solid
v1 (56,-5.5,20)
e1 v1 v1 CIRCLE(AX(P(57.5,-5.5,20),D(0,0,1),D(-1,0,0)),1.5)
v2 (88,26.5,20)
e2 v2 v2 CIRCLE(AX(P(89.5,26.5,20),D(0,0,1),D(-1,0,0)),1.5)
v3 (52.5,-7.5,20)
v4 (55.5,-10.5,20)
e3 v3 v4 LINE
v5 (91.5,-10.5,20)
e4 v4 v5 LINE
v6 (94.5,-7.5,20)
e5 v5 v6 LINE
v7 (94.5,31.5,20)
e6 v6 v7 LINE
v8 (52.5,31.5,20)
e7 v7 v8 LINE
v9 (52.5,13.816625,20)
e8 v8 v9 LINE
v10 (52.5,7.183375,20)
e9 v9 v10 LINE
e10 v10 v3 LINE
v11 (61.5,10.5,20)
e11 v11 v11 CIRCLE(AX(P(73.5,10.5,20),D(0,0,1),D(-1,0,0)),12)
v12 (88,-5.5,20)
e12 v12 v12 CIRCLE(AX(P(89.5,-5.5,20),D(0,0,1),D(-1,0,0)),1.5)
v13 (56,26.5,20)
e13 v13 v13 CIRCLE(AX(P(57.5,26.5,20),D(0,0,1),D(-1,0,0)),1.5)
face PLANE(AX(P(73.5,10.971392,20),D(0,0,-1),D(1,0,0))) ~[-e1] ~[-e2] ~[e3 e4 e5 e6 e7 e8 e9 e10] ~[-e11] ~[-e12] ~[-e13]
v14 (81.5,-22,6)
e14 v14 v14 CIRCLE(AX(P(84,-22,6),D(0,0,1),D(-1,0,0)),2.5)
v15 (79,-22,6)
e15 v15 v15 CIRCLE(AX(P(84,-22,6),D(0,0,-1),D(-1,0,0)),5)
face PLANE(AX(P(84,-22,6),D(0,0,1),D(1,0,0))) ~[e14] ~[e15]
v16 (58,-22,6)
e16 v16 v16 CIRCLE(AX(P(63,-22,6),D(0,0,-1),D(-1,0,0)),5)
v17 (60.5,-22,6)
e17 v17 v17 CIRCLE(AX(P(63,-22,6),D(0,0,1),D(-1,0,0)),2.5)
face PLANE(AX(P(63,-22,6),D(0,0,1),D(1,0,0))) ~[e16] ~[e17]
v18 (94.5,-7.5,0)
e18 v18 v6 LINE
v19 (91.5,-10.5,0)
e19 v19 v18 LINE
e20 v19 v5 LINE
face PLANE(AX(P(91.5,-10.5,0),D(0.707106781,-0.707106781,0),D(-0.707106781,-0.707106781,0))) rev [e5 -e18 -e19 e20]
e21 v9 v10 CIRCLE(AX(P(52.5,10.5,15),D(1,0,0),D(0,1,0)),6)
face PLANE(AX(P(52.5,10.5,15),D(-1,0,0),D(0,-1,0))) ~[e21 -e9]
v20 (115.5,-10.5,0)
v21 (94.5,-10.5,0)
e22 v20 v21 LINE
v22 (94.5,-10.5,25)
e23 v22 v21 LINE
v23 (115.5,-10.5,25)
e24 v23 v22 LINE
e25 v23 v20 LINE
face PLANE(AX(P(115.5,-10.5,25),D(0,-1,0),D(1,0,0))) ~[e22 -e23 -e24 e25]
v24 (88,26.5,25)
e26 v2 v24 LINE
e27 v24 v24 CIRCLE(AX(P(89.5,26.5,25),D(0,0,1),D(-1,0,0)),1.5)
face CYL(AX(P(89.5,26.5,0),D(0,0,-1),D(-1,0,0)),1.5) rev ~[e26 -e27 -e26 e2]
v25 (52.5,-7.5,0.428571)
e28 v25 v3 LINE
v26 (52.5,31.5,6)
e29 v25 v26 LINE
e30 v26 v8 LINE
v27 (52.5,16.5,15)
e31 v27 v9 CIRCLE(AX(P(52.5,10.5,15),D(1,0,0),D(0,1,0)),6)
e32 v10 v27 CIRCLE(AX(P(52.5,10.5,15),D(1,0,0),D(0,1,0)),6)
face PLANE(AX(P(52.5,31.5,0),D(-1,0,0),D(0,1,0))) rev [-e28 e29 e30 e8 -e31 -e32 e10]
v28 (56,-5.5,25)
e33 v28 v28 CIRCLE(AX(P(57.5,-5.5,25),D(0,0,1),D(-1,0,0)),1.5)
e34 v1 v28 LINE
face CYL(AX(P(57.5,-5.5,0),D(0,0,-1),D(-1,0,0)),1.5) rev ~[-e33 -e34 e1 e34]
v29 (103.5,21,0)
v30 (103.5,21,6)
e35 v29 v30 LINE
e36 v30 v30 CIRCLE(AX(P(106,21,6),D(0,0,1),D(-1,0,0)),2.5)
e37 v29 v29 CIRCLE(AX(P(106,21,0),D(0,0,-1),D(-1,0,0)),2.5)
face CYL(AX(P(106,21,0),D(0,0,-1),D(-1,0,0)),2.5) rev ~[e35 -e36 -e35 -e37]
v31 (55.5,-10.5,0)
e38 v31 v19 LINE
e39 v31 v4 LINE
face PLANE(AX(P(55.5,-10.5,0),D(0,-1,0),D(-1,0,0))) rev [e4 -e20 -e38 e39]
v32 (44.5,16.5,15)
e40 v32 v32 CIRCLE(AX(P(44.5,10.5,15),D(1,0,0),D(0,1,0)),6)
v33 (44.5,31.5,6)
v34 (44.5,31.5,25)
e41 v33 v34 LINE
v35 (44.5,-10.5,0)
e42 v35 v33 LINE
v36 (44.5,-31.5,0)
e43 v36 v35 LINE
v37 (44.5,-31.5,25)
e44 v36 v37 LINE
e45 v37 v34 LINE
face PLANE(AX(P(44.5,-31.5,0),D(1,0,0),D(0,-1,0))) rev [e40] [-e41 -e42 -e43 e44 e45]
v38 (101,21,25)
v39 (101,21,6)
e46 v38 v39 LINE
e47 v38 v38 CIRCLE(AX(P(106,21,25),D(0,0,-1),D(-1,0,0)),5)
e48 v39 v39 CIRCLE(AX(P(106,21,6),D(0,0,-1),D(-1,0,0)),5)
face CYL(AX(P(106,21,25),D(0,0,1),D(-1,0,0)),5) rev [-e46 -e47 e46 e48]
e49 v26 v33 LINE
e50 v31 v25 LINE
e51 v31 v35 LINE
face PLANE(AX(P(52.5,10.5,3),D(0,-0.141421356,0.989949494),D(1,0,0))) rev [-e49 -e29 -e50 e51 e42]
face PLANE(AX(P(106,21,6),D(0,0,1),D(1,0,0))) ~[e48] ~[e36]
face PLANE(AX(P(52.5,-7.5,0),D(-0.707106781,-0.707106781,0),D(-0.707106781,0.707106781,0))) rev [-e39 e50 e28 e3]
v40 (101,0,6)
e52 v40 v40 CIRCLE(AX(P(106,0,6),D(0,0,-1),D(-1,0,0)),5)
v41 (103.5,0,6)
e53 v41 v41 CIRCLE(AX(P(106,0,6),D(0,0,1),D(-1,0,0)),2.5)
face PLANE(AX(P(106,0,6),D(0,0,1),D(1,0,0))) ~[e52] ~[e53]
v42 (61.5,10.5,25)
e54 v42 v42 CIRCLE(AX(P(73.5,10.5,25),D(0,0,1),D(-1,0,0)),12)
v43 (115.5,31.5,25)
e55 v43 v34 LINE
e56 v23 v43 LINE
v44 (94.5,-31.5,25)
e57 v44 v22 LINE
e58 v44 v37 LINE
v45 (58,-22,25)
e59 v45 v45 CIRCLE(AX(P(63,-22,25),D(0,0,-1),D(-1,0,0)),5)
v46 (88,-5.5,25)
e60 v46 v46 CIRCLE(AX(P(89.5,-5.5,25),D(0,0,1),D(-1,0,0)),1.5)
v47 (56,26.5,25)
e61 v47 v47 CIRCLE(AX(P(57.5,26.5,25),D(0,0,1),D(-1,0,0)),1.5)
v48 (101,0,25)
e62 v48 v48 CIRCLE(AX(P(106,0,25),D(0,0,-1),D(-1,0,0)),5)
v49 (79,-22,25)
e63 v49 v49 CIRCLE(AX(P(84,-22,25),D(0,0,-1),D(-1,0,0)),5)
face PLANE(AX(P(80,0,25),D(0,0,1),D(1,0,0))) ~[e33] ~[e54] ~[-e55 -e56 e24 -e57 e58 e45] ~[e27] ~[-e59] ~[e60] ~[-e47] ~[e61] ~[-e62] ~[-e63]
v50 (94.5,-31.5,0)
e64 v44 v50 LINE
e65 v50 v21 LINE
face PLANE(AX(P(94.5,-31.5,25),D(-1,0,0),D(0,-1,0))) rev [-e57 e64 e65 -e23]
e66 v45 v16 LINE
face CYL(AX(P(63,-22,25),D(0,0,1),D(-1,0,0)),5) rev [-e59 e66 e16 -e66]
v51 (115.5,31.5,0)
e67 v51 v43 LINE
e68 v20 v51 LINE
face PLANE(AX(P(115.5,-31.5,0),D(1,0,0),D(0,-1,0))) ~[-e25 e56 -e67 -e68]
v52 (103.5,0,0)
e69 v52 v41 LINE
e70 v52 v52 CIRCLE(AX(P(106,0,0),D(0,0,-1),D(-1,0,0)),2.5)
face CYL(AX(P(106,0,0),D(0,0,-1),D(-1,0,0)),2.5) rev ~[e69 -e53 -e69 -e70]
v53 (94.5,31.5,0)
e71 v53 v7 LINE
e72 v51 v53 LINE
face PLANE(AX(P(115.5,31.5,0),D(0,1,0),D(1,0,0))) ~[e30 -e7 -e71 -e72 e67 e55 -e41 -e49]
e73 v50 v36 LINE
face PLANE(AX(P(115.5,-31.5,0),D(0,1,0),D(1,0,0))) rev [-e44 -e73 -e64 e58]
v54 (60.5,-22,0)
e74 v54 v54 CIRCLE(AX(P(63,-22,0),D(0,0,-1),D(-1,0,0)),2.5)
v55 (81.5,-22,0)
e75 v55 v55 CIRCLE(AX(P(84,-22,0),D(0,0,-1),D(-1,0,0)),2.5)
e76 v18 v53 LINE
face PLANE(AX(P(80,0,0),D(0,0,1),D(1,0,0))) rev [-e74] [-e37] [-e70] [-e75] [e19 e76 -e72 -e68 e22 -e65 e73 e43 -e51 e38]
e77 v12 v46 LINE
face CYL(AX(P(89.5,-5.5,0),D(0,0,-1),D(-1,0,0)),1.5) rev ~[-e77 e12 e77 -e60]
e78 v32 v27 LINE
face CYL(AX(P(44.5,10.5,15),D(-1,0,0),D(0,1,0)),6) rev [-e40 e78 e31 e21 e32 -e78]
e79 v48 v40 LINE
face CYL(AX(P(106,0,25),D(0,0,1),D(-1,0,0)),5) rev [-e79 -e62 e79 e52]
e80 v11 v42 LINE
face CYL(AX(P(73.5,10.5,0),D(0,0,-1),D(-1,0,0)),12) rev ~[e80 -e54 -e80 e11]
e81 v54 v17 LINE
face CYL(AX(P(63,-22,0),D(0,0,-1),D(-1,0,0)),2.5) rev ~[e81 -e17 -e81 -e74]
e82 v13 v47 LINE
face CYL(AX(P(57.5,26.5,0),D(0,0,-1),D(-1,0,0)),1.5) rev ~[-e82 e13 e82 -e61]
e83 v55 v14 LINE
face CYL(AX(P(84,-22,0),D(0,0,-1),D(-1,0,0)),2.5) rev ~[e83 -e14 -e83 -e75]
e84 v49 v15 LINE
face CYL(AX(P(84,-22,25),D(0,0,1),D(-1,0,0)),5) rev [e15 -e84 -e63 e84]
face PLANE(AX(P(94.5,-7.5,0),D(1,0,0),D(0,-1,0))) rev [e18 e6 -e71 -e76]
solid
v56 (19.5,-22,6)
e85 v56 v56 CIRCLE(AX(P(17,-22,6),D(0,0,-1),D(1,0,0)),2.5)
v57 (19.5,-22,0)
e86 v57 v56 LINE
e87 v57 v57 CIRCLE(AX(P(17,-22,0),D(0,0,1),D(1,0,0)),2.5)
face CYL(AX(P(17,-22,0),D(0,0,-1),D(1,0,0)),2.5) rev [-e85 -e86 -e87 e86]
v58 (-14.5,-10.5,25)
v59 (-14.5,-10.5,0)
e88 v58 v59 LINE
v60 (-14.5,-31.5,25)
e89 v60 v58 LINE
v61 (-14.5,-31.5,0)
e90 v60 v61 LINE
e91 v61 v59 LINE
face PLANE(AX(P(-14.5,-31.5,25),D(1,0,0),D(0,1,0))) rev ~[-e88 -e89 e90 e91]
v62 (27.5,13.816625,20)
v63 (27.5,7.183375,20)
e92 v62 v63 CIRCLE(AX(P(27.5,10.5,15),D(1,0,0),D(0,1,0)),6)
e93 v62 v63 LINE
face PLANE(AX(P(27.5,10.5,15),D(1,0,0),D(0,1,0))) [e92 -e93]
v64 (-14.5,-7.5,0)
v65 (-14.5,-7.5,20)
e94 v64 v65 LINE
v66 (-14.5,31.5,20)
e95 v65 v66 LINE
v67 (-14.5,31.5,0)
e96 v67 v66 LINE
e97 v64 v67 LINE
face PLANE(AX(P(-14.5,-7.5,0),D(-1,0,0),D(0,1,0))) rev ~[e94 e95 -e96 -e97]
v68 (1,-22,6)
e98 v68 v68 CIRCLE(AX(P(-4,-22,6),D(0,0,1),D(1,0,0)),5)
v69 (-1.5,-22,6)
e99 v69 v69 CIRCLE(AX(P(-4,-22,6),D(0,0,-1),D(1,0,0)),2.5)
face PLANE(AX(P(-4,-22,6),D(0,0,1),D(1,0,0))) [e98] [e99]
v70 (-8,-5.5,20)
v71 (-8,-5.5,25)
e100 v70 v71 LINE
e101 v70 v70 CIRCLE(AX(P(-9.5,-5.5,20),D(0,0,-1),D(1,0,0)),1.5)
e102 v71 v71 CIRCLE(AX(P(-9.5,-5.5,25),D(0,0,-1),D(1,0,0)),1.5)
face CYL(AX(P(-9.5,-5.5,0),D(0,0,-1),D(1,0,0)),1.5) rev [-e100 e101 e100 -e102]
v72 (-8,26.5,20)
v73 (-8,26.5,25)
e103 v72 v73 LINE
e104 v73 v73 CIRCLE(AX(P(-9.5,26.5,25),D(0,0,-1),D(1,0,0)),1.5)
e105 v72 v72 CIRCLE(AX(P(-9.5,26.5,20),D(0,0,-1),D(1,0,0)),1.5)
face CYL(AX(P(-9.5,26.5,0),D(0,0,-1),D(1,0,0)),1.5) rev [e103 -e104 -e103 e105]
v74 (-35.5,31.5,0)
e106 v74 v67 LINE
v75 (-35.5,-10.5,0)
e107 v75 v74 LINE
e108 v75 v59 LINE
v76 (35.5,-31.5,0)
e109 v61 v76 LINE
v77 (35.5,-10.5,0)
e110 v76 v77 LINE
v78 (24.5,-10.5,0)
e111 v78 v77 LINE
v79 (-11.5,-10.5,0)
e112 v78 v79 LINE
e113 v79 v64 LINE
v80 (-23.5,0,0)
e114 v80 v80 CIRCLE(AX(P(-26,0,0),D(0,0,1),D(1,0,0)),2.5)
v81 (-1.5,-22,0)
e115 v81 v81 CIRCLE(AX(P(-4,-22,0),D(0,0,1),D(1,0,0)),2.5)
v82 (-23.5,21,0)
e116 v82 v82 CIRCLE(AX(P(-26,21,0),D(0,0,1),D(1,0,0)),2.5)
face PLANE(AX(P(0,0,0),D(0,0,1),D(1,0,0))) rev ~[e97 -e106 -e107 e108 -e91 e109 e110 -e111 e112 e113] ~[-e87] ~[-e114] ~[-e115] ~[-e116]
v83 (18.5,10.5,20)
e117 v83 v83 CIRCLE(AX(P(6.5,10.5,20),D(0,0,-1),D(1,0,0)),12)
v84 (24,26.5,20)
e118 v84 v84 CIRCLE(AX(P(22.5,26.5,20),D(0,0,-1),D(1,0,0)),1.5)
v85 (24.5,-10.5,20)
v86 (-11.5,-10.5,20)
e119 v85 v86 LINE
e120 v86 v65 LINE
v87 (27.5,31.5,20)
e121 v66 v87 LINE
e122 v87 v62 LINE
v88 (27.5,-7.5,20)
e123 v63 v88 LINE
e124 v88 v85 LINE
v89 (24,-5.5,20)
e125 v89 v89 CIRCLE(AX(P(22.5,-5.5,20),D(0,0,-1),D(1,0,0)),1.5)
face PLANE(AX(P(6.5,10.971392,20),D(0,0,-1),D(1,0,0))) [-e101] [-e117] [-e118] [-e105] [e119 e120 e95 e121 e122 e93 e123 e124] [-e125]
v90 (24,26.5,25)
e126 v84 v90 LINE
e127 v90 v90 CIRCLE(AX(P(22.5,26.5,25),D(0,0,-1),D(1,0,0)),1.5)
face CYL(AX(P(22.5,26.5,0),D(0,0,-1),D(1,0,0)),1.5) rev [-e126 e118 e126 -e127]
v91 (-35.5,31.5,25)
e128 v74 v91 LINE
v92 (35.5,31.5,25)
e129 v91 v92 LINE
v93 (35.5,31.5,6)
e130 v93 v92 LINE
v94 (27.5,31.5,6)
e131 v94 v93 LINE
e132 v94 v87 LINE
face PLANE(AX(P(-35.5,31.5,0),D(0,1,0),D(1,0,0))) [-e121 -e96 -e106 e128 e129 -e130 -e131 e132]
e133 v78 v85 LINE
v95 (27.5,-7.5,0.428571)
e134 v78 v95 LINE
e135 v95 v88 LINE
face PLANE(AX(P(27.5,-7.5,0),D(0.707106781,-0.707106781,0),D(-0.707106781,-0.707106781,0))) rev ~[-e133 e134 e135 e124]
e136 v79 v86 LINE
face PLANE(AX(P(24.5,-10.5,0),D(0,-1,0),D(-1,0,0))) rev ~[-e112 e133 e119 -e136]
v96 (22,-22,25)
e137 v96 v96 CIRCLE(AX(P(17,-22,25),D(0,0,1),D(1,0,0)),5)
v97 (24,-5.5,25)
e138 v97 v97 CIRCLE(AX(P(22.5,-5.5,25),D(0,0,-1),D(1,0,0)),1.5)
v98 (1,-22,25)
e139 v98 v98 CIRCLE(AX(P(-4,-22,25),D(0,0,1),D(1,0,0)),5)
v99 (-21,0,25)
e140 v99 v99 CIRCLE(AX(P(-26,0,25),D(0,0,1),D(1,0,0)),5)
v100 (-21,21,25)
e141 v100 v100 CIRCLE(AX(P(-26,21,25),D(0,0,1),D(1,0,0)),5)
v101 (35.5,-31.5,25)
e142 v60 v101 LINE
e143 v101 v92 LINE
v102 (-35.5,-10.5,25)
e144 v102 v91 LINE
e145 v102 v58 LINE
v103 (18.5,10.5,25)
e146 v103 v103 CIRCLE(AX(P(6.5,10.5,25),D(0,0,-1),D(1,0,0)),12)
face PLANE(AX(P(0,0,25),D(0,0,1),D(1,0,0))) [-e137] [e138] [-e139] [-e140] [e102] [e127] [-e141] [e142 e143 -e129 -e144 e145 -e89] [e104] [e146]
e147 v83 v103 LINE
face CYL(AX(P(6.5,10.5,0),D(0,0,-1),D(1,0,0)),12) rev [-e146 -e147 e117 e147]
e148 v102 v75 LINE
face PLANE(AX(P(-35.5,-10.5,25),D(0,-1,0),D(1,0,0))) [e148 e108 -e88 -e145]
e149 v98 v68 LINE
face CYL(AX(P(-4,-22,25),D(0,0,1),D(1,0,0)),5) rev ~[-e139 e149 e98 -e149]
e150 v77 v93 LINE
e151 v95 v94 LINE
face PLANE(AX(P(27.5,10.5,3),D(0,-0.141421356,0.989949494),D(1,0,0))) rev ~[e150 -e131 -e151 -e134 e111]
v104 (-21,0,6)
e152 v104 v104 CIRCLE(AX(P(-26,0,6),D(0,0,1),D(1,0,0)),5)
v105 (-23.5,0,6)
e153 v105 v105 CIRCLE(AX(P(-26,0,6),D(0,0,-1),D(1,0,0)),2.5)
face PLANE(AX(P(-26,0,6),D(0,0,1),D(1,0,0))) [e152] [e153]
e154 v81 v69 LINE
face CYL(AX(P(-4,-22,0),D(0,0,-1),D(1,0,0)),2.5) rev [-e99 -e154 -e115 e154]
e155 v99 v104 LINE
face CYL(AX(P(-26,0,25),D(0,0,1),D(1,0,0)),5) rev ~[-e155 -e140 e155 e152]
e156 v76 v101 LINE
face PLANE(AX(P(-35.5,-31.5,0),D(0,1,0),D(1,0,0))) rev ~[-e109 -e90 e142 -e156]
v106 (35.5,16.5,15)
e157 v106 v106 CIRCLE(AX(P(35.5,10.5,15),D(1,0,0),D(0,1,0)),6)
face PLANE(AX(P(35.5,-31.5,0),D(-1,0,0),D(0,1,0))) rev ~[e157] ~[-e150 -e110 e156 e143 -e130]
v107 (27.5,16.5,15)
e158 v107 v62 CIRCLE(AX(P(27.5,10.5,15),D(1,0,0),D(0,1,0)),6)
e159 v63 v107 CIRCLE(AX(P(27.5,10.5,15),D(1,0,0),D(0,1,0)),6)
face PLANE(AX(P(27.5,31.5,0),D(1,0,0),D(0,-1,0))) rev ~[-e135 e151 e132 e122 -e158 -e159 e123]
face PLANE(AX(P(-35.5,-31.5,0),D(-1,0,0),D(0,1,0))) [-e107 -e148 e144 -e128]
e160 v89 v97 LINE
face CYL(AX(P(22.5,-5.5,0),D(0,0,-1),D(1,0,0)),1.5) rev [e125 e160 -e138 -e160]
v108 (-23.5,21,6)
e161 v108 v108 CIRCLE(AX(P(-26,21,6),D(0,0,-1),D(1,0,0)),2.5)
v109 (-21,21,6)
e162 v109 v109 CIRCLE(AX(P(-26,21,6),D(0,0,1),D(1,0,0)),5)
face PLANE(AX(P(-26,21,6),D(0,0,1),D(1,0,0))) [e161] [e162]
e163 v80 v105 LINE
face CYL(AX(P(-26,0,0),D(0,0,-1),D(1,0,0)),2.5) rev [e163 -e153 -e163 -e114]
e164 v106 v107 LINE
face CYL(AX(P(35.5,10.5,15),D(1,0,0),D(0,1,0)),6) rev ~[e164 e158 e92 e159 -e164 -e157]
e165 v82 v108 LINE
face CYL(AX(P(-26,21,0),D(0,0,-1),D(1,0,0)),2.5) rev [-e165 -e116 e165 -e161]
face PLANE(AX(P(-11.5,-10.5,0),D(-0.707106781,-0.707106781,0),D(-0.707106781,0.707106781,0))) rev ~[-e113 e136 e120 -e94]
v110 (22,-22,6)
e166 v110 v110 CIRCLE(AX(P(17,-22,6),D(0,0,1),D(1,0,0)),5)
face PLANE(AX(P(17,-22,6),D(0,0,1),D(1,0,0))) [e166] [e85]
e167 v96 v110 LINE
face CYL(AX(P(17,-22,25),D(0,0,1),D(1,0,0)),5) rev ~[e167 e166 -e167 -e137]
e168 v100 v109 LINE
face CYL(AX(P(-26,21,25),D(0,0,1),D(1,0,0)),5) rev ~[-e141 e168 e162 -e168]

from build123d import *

# Parameters (mm, degrees)
F0_W      = 71
F0_H      = 63
F1_DEPTH  = 25
F2_W      = 21
F2_H      = 21
F3_DEPTH  = 25.001
F4_R      = 12
F5_DEPTH  = 25.001
F6_R      = 1.5
F7_DEPTH  = 25.001
F8_R      = 2.5
F9_DEPTH  = 25.001
F10_R     = 5
F11_DEPTH = 19
F13_DEPTH = 20
F14_R     = 6
F15_DEPTH = 8
F16_SIZE2 = 6
F16_SIZE  = 42


with BuildPart() as f1:
    # F0 (on Top) → F1 (new body)
    with BuildSketch(Plane.XY):
        Rectangle(F0_W, F0_H)
    extrude(amount=F1_DEPTH)

    # F2 (on face) → F3 (cut, through all)
    with BuildSketch(Plane.XY.offset(25)):
        with Locations((-25, -21)):
            Rectangle(F2_W, F2_H)
    extrude(amount=-F3_DEPTH, mode=Mode.SUBTRACT)

    # F4 (on Top) → F5 (cut, through all)
    with BuildSketch(Plane.XY):
        with Locations((6.5, 10.5)):
            Circle(F4_R)
    extrude(amount=F5_DEPTH, mode=Mode.SUBTRACT)

    # F6 (on Top) → F7 (cut, through all)
    with BuildSketch(Plane.XY):
        with Locations((22.5, 26.5)):
            Circle(F6_R)
        with Locations((22.5, -5.5)):
            Circle(F6_R)
        with Locations((-9.5, -5.5)):
            Circle(F6_R)
        with Locations((-9.5, 26.5)):
            Circle(F6_R)
    extrude(amount=F7_DEPTH, mode=Mode.SUBTRACT)

    # F8 (on Top) → F9 (cut, through all)
    with BuildSketch(Plane.XY):
        with Locations((-26, 21)):
            Circle(F8_R)
        with Locations((-26, 0)):
            Circle(F8_R)
        with Locations((-4, -22)):
            Circle(F8_R)
        with Locations((17, -22)):
            Circle(F8_R)
    extrude(amount=F9_DEPTH, mode=Mode.SUBTRACT)

    # F10 (on face) → F11 (cut)
    with BuildSketch(Plane.XY.offset(25)):
        with Locations((17, -22)):
            Circle(F10_R)
        with Locations((-4, -22)):
            Circle(F10_R)
        with Locations((-26, 0)):
            Circle(F10_R)
        with Locations((-26, 21)):
            Circle(F10_R)
    extrude(amount=-F11_DEPTH, mode=Mode.SUBTRACT)

    # F12 (on face) → F13 (cut)
    with BuildSketch(Plane(origin=(0, 0, 0), x_dir=(1, 0, 0), z_dir=(0, 0, -1))):
        Polygon((-14.5, -31.5), (27.5, -31.5), (27.5, 7.5), (24.5, 10.5), (-11.5, 10.5), (-14.5, 7.5), align=None)
    extrude(amount=-F13_DEPTH, mode=Mode.SUBTRACT)

    # F14 (on face) → F15 (cut, through all)
    with BuildSketch(Plane.YZ.offset(35.5)):
        with Locations((10.5, 15)):
            Circle(F14_R)
    extrude(amount=-F15_DEPTH, mode=Mode.SUBTRACT)

    # F16
    f16_edges = [f1.edges().sort_by_distance(p)[0] for p in [
        (31.5, 31.5, 0),
    ]]
    f16_side = f1.faces().sort_by_distance((-13.55079, -21, 0))[0]
    chamfer(f16_edges, length=F16_SIZE, length2=F16_SIZE2, reference=f16_side)


with BuildPart() as f18_1:
    # F18: instance of F1
    add(f1.part.mirror(Plane.YZ.offset(40)))


solid = Compound([f1.part, f18_1.part])
